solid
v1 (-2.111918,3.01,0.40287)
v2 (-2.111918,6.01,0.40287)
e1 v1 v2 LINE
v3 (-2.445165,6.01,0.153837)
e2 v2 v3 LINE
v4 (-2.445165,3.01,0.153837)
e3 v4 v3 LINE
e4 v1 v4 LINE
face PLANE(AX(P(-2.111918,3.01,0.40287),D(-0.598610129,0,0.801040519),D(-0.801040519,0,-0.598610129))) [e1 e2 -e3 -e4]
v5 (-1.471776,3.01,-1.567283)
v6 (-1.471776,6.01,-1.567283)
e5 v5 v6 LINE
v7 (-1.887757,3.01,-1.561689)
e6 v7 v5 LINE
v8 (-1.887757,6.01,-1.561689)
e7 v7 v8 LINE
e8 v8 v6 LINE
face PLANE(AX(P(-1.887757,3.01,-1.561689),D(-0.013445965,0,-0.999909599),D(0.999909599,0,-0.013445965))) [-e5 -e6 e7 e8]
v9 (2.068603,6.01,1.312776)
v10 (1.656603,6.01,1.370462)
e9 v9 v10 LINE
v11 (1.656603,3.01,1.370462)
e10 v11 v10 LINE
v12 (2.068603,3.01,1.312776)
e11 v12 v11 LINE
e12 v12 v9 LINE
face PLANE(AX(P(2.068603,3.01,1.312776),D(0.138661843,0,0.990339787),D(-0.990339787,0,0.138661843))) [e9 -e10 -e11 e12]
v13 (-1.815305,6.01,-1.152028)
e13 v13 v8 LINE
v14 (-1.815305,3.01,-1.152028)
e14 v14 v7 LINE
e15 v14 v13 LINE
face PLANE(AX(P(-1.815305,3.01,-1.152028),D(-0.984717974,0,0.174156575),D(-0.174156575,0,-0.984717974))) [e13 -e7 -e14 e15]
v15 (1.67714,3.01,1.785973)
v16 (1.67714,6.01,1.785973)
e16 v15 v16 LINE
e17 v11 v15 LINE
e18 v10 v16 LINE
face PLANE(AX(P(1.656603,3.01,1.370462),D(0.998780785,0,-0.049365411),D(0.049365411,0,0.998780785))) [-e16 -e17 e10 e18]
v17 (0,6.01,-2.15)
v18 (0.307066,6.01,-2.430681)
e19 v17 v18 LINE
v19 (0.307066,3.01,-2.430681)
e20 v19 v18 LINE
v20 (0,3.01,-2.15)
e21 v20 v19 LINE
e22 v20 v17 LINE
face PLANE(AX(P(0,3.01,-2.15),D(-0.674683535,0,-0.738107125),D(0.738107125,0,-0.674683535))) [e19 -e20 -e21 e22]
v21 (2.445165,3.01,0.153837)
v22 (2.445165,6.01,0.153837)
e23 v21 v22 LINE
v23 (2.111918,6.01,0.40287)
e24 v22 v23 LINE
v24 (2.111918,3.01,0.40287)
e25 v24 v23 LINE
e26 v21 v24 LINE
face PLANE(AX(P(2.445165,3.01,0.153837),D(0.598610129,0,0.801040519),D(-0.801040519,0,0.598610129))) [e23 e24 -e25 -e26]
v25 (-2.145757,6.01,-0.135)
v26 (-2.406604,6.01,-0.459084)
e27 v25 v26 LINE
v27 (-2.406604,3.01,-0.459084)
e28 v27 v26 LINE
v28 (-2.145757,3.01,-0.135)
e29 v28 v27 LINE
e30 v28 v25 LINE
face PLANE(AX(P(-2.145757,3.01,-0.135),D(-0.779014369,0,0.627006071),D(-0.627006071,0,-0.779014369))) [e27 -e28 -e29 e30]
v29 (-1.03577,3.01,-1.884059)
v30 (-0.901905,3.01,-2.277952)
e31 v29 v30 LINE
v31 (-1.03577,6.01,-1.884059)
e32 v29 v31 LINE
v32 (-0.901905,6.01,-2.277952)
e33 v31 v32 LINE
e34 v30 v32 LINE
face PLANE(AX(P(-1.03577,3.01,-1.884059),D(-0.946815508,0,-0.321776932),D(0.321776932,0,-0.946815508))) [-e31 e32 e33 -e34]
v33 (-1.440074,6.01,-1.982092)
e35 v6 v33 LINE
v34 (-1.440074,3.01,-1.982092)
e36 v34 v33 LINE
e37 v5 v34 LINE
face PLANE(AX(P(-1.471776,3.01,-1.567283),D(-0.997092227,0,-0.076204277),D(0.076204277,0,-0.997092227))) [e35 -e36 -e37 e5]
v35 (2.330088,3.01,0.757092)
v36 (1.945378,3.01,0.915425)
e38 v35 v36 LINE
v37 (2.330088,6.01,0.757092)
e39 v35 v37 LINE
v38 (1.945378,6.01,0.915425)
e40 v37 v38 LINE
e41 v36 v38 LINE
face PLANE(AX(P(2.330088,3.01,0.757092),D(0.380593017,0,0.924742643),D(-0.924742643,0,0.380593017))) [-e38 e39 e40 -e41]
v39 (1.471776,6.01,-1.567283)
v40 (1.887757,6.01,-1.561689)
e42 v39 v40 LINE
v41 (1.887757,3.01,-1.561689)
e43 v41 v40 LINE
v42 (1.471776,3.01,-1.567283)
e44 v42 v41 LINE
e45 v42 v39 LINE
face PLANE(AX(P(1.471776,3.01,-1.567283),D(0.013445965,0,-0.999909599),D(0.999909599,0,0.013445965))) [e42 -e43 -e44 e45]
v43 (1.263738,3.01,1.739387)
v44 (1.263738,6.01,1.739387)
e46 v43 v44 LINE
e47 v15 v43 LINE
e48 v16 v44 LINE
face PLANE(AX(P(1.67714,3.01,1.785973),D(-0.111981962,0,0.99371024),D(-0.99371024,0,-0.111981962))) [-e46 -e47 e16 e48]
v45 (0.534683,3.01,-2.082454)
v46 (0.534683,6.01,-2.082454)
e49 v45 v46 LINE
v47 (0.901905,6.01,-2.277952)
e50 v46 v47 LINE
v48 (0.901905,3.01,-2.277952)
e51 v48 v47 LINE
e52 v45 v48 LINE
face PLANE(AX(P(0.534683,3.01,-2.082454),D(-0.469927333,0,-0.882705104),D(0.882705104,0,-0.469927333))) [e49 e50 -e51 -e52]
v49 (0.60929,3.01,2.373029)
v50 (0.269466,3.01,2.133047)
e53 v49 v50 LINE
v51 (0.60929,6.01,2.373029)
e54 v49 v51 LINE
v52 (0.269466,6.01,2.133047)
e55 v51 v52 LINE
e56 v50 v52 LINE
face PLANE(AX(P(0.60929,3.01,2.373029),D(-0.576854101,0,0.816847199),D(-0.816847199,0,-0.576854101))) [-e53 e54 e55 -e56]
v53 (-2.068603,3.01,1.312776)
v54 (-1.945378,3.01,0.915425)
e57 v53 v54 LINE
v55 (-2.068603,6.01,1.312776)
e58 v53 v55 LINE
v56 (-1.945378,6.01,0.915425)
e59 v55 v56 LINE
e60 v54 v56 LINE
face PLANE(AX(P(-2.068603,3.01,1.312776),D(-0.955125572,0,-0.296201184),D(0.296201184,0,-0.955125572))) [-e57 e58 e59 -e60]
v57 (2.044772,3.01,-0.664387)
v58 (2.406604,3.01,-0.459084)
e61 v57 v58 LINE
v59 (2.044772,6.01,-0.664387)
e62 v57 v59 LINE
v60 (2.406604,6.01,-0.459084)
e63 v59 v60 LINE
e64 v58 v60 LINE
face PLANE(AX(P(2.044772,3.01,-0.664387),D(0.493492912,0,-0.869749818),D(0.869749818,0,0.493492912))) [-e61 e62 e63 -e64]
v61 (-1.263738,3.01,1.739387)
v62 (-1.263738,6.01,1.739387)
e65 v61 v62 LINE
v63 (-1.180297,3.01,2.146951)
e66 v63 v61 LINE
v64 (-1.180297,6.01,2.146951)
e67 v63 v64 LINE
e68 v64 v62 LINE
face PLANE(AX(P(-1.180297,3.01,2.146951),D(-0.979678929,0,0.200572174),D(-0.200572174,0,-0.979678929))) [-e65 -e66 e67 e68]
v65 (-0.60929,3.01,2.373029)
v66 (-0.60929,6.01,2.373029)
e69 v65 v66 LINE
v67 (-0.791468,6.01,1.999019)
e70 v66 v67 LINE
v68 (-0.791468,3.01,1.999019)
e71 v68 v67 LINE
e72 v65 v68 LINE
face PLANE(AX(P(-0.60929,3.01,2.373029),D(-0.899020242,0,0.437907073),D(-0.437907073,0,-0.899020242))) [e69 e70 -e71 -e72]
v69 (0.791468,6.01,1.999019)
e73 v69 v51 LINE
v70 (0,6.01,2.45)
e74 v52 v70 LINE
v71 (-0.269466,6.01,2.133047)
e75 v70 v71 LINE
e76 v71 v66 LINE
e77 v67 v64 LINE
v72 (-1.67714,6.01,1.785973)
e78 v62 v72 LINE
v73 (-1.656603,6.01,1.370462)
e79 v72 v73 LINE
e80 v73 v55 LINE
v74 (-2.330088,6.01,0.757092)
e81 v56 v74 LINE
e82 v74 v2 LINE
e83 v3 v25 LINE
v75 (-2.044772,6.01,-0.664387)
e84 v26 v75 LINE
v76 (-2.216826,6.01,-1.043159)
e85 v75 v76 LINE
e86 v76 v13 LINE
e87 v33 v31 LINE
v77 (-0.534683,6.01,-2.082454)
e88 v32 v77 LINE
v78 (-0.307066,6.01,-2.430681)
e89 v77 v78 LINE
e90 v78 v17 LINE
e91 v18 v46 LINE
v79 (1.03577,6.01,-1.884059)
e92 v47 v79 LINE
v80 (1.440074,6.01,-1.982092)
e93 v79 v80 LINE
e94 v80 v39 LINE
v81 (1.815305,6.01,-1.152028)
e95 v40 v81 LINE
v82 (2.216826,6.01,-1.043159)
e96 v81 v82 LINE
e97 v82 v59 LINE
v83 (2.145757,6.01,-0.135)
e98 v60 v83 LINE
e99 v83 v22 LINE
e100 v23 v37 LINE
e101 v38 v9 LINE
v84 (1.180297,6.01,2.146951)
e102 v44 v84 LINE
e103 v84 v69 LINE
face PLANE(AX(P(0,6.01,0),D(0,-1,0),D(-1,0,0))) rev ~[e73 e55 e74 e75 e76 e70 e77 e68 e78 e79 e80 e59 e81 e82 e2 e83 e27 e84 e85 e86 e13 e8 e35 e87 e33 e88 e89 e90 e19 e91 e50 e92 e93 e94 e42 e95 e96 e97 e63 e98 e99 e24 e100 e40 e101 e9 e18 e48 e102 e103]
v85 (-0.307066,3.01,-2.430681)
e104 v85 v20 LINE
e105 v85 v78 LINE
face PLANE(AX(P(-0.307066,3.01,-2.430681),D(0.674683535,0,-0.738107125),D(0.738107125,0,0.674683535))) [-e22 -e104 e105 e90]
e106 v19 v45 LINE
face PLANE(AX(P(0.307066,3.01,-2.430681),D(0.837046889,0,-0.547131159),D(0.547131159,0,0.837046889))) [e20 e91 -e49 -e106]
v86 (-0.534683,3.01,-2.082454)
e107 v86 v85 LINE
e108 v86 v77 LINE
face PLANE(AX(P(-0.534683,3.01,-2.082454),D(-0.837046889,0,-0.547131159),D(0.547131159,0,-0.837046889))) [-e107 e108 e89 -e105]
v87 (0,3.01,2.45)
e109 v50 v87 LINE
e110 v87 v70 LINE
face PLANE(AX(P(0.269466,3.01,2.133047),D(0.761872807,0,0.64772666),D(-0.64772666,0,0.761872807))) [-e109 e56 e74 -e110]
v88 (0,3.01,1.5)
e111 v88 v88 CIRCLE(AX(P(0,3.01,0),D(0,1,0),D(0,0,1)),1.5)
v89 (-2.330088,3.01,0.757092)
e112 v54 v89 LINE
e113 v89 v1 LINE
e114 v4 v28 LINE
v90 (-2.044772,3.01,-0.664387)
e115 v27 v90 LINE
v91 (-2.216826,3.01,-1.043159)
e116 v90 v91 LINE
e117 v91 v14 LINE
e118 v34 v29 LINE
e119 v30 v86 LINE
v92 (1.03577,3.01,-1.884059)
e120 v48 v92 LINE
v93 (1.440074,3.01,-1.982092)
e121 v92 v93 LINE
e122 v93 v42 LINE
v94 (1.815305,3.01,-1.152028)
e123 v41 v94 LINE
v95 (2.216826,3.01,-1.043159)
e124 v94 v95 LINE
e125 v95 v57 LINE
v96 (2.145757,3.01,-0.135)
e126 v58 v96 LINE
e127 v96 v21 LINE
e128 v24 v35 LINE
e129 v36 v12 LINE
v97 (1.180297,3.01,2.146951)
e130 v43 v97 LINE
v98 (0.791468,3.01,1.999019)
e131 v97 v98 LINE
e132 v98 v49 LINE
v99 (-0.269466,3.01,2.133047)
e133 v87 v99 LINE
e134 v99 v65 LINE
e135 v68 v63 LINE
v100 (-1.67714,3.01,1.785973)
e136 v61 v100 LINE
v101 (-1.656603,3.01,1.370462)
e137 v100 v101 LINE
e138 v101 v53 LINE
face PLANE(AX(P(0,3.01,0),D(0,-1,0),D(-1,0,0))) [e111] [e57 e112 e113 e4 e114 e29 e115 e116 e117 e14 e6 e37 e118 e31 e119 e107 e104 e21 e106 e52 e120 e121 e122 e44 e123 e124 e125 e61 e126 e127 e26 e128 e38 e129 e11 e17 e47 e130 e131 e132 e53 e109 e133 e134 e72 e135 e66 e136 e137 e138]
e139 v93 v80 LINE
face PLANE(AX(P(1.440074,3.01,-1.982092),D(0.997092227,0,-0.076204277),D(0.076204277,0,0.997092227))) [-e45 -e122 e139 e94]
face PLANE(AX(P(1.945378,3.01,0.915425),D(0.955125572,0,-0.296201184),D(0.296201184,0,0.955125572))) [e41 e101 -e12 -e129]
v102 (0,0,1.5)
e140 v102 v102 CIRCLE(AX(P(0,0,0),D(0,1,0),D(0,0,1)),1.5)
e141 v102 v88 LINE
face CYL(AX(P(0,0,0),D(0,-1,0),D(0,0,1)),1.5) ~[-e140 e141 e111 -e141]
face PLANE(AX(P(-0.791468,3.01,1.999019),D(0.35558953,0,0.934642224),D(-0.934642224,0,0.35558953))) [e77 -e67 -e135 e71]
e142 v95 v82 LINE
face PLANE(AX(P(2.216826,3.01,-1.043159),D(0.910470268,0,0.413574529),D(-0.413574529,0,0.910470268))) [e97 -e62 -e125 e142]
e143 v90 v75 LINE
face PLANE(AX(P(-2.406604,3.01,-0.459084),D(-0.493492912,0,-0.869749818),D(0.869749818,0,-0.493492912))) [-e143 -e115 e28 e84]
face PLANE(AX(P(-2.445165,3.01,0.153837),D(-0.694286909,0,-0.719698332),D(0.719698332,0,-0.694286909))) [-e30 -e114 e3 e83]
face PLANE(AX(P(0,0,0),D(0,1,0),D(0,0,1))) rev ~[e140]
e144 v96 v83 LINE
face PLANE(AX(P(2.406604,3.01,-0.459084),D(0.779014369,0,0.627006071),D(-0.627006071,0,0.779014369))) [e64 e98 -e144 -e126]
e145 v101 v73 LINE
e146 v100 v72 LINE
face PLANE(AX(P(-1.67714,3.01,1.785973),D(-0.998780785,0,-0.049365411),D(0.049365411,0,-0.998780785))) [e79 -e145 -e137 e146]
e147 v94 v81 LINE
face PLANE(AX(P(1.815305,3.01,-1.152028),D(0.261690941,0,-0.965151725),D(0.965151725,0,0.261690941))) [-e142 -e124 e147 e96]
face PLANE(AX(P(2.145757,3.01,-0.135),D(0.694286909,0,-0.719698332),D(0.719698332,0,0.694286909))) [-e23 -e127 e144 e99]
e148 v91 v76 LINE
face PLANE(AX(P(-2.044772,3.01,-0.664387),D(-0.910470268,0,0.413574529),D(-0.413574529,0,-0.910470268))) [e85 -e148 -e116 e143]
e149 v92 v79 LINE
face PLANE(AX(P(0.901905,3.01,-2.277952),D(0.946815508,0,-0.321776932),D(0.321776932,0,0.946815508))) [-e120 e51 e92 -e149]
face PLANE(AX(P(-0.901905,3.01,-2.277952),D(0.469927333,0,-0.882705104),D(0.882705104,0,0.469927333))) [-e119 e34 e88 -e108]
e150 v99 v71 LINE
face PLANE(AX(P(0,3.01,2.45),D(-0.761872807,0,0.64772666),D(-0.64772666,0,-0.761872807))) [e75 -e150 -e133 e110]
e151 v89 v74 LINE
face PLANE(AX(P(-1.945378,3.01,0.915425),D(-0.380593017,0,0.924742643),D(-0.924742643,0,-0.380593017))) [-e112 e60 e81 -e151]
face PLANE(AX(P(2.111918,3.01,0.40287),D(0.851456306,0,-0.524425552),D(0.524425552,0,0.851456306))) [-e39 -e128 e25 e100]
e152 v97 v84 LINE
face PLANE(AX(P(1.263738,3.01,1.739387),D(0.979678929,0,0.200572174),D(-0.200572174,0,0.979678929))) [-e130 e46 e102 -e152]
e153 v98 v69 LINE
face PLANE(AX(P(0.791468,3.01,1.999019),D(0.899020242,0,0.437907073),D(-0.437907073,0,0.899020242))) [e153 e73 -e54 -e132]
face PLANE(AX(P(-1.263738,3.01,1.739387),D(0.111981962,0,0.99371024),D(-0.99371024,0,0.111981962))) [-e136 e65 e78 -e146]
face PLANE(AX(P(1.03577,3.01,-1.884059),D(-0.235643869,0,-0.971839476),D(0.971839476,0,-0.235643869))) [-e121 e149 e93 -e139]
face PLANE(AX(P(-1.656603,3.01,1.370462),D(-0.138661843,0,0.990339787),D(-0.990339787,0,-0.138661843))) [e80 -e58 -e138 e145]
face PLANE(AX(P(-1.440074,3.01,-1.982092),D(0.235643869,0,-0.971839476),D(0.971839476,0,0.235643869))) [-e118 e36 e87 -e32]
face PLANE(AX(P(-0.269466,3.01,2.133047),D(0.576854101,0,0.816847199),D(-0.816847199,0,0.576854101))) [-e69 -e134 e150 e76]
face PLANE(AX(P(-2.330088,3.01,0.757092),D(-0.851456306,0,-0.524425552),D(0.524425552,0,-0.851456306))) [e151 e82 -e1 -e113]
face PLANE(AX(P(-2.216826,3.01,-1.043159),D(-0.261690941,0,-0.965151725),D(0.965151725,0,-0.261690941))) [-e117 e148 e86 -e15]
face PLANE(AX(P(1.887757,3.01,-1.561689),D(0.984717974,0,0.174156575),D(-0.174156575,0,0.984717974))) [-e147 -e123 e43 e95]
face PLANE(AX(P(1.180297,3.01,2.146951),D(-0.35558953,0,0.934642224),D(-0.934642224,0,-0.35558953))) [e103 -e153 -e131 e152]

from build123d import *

# Parameters (mm, degrees)
SKETCH1_R           = 1.5
BOSS_EXTRUDE1_DEPTH = 3.01
BOSS_EXTRUDE2_DEPTH = 3


with BuildPart() as part:
    # Sketch1 → Boss-Extrude1 (new body)
    with BuildSketch(Plane(origin=(0, 0, 0), x_dir=(1, 0, 0), z_dir=(0, 1, 0))):
        with Locations(Location((0, 0, 0), (0, 0, 270))):
            Circle(SKETCH1_R)
    extrude(amount=BOSS_EXTRUDE1_DEPTH)

    # Sketch2 → Boss-Extrude2 (add)
    with BuildSketch(Plane(origin=(0, 3.01, 0), x_dir=(1, 0, 0), z_dir=(0, 1, 0))):
        Polygon((0.307066422, 2.430681018), (0.534683257, 2.082453796), (0.901905154, 2.27795239), (1.035770399, 1.884059362), (1.440073868, 1.982091636), (1.471776278, 1.567282549), (1.887757445, 1.561688775), (1.81530504, 1.152027609), (2.216826279, 1.043159264), (2.04477151, 0.664386538), (2.406603764, 0.459084221), (2.145757466, 0.134999617), (2.445165485, -0.153836773), (2.111917589, -0.402869826), (2.330088465, -0.757091636), (1.945378163, -0.915425477), (2.068603417, -1.312775648), (1.656603472, -1.370461578), (1.67714041, -1.785973137), (1.263738292, -1.739386538), (1.180296502, -2.146951366), (0.791467788, -1.999019445), (0.609290224, -2.373028745), (0.269466452, -2.133046608), (0, -2.45), (-0.269466452, -2.133046608), (-0.609290224, -2.373028745), (-0.791467788, -1.999019445), (-1.180296502, -2.146951366), (-1.263738292, -1.739386538), (-1.67714041, -1.785973137), (-1.656603472, -1.370461578), (-2.068603417, -1.312775648), (-1.945378163, -0.915425477), (-2.330088465, -0.757091636), (-2.111917589, -0.402869826), (-2.445165485, -0.153836773), (-2.145757466, 0.134999617), (-2.406603764, 0.459084221), (-2.04477151, 0.664386538), (-2.216826279, 1.043159264), (-1.81530504, 1.152027609), (-1.887757445, 1.561688775), (-1.471776278, 1.567282549), (-1.440073868, 1.982091636), (-1.035770399, 1.884059362), (-0.901905154, 2.27795239), (-0.534683257, 2.082453796), (-0.307066422, 2.430681018), (0, 2.15), align=None)
    extrude(amount=BOSS_EXTRUDE2_DEPTH)


solid = part.part
